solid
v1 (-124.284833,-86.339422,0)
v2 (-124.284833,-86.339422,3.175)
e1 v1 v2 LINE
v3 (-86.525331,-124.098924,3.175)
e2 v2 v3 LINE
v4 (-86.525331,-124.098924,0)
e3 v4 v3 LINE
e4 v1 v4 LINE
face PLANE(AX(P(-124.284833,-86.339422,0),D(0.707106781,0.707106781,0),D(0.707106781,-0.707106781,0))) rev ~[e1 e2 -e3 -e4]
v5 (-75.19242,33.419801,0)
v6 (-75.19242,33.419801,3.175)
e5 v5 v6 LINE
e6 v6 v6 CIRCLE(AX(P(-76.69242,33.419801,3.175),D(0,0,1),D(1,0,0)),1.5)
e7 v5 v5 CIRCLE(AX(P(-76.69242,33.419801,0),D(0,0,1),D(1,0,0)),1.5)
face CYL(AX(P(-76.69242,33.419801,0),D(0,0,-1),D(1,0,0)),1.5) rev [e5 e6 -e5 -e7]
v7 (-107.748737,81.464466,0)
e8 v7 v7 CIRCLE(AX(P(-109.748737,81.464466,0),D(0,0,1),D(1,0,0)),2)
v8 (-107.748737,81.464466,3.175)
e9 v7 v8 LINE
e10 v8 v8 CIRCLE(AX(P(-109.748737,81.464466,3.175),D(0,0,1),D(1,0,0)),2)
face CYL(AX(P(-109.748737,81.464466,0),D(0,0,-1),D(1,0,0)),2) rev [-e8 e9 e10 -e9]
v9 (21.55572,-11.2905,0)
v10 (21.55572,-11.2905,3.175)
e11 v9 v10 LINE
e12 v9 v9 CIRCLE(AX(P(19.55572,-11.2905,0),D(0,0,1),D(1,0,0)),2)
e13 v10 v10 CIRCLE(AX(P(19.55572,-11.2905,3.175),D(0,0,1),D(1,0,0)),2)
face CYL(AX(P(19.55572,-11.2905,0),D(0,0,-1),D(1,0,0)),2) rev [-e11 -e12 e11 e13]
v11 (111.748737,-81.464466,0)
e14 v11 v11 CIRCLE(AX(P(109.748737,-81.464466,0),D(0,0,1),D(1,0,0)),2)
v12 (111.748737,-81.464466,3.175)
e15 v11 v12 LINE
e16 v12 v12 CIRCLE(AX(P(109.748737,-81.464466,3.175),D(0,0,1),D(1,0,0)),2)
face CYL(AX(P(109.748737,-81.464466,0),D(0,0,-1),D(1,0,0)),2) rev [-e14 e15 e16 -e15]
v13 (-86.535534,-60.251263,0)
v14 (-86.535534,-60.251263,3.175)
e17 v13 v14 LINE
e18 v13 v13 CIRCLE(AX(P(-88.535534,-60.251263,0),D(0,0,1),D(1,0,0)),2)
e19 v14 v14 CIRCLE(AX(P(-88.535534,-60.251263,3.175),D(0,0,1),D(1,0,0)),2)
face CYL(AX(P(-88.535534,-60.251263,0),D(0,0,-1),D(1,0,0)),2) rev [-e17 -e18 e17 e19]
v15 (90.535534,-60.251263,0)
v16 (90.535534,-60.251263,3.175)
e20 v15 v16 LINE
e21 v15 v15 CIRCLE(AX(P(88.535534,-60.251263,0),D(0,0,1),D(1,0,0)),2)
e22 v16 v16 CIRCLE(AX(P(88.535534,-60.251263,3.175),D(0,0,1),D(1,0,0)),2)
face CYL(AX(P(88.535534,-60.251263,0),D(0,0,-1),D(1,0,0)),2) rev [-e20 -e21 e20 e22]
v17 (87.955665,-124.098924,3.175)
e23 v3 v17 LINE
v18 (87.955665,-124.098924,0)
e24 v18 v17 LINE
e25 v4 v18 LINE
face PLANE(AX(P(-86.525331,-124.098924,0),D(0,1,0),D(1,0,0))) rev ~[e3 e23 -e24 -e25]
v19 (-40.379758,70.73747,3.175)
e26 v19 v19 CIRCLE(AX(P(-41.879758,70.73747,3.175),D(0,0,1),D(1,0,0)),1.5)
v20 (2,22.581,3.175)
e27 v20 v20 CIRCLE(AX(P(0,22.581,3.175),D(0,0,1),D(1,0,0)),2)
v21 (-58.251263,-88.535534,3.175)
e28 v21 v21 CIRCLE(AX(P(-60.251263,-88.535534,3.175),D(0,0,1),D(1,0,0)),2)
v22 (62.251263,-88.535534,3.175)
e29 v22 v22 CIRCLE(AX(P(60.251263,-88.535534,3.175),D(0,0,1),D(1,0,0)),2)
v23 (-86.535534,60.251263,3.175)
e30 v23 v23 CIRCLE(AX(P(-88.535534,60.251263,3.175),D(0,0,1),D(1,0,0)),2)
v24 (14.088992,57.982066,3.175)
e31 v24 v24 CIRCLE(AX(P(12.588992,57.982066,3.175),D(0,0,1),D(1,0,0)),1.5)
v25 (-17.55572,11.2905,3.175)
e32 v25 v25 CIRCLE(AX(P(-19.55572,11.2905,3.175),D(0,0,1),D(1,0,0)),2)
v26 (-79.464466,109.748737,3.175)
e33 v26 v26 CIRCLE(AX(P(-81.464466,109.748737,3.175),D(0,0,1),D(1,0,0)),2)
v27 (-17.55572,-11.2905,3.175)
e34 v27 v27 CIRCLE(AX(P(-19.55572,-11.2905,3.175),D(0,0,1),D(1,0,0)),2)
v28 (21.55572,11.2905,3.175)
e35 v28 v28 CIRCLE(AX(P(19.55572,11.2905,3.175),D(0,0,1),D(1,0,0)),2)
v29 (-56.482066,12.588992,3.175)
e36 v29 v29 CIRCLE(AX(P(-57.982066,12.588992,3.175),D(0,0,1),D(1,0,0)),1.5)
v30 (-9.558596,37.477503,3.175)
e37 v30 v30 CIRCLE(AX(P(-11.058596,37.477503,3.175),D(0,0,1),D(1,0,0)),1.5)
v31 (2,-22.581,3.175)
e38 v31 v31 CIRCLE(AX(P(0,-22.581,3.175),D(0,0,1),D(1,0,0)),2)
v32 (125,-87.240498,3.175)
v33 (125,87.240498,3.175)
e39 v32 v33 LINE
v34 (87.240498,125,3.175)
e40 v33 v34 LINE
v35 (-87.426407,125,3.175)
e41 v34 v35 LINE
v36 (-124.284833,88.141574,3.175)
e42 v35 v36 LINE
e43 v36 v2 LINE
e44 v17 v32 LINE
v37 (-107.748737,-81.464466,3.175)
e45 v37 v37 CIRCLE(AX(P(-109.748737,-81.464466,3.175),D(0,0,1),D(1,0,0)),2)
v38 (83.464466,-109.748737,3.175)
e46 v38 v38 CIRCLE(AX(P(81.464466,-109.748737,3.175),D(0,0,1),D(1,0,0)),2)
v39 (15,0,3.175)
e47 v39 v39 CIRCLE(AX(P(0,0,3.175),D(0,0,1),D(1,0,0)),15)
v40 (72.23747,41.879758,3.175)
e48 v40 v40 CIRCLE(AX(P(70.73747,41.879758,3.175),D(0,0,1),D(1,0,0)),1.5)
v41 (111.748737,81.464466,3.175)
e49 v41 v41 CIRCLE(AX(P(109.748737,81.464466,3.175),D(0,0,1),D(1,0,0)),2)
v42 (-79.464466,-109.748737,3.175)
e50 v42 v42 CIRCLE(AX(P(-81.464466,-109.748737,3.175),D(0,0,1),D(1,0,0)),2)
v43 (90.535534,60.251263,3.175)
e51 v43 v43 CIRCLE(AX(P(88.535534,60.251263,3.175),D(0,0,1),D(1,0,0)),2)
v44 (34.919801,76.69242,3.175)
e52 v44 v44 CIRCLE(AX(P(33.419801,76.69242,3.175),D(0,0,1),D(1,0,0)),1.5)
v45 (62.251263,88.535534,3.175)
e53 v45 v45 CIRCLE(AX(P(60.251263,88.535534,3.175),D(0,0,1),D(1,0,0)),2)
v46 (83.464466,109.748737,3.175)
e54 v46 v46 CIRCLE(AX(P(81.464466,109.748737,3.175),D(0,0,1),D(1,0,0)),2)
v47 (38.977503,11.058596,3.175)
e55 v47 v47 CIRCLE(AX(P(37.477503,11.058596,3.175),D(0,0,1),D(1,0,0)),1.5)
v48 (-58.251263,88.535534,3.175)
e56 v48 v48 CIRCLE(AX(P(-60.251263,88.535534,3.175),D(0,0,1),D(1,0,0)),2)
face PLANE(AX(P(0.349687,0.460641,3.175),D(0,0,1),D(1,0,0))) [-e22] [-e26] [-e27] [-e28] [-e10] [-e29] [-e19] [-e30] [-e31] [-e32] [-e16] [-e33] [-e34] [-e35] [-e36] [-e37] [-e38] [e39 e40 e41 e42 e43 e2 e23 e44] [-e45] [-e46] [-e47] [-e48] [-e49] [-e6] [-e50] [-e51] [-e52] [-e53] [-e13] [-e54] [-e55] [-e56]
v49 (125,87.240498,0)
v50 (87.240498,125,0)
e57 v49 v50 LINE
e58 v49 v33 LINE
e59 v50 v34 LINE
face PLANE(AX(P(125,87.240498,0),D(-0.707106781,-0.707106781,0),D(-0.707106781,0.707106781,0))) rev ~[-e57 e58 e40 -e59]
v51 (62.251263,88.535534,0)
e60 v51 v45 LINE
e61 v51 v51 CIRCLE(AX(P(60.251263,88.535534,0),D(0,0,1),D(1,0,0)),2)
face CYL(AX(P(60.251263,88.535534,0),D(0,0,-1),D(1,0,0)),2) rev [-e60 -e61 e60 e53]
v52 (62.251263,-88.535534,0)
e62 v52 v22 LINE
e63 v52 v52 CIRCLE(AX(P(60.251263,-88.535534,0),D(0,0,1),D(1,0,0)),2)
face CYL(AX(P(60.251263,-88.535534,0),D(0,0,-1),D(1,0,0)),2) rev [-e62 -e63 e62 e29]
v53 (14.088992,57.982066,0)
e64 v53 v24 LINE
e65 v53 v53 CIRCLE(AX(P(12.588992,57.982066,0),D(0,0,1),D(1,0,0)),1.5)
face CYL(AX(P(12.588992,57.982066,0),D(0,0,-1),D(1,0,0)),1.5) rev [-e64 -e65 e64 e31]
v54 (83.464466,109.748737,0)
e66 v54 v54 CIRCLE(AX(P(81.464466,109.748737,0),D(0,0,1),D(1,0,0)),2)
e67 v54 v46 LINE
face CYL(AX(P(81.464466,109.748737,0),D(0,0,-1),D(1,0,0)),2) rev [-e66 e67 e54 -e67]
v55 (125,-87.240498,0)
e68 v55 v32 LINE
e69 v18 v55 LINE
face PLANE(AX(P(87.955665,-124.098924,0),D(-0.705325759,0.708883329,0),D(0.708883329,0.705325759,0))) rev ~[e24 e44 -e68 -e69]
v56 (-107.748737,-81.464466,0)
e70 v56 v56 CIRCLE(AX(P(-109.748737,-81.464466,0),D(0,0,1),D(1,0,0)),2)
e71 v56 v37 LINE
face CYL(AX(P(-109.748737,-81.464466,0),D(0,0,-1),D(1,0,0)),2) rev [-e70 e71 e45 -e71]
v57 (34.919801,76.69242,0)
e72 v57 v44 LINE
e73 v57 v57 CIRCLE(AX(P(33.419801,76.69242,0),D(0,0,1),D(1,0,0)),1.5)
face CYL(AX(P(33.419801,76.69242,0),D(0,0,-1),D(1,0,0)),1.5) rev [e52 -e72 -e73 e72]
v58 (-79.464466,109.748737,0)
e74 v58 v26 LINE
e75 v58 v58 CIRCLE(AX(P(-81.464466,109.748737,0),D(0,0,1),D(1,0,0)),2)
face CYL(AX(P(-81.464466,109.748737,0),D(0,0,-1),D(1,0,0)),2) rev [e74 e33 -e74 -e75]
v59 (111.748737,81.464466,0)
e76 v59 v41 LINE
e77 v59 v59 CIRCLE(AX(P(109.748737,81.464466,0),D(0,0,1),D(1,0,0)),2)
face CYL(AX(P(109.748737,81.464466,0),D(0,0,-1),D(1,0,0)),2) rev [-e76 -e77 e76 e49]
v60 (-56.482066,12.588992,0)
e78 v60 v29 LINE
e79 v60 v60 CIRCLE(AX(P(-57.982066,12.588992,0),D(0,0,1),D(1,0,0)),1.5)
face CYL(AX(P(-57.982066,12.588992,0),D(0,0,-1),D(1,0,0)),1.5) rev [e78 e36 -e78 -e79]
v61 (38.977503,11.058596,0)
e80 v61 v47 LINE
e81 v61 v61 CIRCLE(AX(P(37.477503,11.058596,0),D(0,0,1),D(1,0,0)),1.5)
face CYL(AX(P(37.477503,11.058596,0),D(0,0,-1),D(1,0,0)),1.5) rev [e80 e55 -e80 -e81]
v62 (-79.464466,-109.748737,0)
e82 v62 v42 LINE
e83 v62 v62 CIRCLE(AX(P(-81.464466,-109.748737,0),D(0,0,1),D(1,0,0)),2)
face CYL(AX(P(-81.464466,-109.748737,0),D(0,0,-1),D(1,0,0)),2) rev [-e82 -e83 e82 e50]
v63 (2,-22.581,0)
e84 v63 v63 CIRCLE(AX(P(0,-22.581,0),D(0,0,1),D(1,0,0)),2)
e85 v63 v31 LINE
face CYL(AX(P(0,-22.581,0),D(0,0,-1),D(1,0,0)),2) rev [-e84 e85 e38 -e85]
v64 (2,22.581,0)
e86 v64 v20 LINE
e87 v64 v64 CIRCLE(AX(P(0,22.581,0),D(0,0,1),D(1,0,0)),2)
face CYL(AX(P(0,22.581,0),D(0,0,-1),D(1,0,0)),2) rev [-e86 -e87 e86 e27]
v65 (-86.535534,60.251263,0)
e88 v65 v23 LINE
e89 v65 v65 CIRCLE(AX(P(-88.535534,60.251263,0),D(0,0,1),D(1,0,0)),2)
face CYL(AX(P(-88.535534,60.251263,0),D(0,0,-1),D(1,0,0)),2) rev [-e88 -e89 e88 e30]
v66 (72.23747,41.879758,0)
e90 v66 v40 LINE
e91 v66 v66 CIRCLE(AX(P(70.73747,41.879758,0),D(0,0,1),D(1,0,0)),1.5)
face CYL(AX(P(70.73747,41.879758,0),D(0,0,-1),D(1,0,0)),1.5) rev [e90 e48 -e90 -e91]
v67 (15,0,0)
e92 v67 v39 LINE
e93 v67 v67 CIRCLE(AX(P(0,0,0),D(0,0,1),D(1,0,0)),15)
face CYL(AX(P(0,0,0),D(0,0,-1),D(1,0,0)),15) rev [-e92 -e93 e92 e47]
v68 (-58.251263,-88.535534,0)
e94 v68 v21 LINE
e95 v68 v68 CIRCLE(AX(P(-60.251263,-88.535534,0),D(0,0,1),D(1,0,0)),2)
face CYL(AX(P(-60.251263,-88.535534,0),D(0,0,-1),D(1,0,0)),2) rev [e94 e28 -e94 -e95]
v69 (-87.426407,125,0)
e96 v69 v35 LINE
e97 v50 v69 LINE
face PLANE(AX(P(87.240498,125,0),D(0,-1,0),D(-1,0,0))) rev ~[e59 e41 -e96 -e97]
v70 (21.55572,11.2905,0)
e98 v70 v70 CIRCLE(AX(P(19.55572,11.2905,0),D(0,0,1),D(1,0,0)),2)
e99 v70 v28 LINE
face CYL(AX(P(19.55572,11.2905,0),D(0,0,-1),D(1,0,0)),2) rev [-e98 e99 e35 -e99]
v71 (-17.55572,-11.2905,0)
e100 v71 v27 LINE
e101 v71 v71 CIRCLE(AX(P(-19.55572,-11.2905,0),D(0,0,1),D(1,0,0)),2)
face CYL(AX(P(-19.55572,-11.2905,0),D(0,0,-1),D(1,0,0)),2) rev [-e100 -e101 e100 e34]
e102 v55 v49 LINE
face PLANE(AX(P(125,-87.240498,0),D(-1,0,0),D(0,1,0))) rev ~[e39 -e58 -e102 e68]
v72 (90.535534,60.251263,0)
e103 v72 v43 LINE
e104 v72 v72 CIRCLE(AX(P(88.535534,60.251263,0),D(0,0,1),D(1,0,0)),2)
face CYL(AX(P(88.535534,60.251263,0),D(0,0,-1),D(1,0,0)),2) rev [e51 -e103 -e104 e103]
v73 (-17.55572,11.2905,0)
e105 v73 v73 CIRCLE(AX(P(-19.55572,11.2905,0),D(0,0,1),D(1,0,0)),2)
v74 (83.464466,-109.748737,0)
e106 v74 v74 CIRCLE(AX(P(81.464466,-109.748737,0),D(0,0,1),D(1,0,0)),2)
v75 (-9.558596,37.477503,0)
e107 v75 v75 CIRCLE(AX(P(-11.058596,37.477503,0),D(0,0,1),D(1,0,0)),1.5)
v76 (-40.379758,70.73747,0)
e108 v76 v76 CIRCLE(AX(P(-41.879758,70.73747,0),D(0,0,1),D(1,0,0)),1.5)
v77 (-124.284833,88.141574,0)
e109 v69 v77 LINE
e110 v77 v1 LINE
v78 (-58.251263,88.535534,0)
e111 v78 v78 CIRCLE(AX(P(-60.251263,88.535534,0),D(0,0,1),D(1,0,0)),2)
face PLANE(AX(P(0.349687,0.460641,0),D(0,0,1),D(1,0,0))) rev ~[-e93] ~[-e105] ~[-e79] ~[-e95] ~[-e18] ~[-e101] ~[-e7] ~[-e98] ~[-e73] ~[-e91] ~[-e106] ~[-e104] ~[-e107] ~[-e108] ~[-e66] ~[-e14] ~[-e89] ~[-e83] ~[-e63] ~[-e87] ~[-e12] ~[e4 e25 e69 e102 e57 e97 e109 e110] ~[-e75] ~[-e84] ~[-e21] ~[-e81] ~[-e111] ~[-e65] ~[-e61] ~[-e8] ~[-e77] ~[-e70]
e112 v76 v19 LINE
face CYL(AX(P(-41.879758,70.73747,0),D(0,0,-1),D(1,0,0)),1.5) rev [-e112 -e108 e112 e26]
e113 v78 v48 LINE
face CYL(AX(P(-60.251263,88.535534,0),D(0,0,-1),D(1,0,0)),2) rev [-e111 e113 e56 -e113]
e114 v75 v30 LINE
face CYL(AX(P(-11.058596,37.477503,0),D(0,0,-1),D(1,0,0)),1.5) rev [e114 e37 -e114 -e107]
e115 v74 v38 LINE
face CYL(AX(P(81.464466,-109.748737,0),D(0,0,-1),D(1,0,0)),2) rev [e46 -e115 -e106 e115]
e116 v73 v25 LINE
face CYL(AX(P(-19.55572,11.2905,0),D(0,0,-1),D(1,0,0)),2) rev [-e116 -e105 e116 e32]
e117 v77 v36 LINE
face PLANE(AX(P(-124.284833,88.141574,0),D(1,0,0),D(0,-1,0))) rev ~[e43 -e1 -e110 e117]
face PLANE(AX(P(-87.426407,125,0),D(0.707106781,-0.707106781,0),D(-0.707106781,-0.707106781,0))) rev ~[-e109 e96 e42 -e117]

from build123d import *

# Parameters (mm, degrees)
F0_R     = 2
F0_R_2   = 15
F0_R_3   = 1.5
F1_DEPTH = 3.175


with BuildPart() as f1:
    # F0 (on Top) → F1 (new body)
    with BuildSketch(Plane.XY):
        Polygon((87.240498, 125), (-87.426407, 125), (-124.284833, 88.141574), (-124.284833, -86.339422), (-86.525331, -124.098924), (87.955665, -124.098924), (125, -87.240498), (125, 87.240498), align=None)
        with Locations((-81.464466, -109.748737)):
            Circle(F0_R, mode=Mode.SUBTRACT)
        with Locations((-109.748737, -81.464466)):
            Circle(F0_R, mode=Mode.SUBTRACT)
        with Locations((-60.251263, -88.535534)):
            Circle(F0_R, mode=Mode.SUBTRACT)
        with Locations((-88.535534, -60.251263)):
            Circle(F0_R, mode=Mode.SUBTRACT)
        with Locations((0, -22.581)):
            Circle(F0_R, mode=Mode.SUBTRACT)
        with Locations((-19.55572, -11.2905)):
            Circle(F0_R, mode=Mode.SUBTRACT)
        Circle(F0_R_2, mode=Mode.SUBTRACT)
        with Locations((60.251263, -88.535534)):
            Circle(F0_R, mode=Mode.SUBTRACT)
        with Locations((81.464466, -109.748737)):
            Circle(F0_R, mode=Mode.SUBTRACT)
        with Locations((109.748737, -81.464466)):
            Circle(F0_R, mode=Mode.SUBTRACT)
        with Locations((19.55572, -11.2905)):
            Circle(F0_R, mode=Mode.SUBTRACT)
        with Locations((88.535534, -60.251263)):
            Circle(F0_R, mode=Mode.SUBTRACT)
        with Locations((-76.69242, 33.419801)):
            Circle(F0_R_3, mode=Mode.SUBTRACT)
        with Locations((-88.535534, 60.251263)):
            Circle(F0_R, mode=Mode.SUBTRACT)
        with Locations((-57.982066, 12.588992)):
            Circle(F0_R_3, mode=Mode.SUBTRACT)
        with Locations((-19.55572, 11.2905)):
            Circle(F0_R, mode=Mode.SUBTRACT)
        with Locations((0, 22.581)):
            Circle(F0_R, mode=Mode.SUBTRACT)
        with Locations((-11.058596, 37.477503)):
            Circle(F0_R_3, mode=Mode.SUBTRACT)
        with Locations((-109.748737, 81.464466)):
            Circle(F0_R, mode=Mode.SUBTRACT)
        with Locations((-81.464466, 109.748737)):
            Circle(F0_R, mode=Mode.SUBTRACT)
        with Locations((-41.879758, 70.73747)):
            Circle(F0_R_3, mode=Mode.SUBTRACT)
        with Locations((-60.251263, 88.535534)):
            Circle(F0_R, mode=Mode.SUBTRACT)
        with Locations((19.55572, 11.2905)):
            Circle(F0_R, mode=Mode.SUBTRACT)
        with Locations((37.477503, 11.058596)):
            Circle(F0_R_3, mode=Mode.SUBTRACT)
        with Locations((12.588992, 57.982066)):
            Circle(F0_R_3, mode=Mode.SUBTRACT)
        with Locations((70.73747, 41.879758)):
            Circle(F0_R_3, mode=Mode.SUBTRACT)
        with Locations((88.535534, 60.251263)):
            Circle(F0_R, mode=Mode.SUBTRACT)
        with Locations((33.419801, 76.69242)):
            Circle(F0_R_3, mode=Mode.SUBTRACT)
        with Locations((60.251263, 88.535534)):
            Circle(F0_R, mode=Mode.SUBTRACT)
        with Locations((109.748737, 81.464466)):
            Circle(F0_R, mode=Mode.SUBTRACT)
        with Locations((81.464466, 109.748737)):
            Circle(F0_R, mode=Mode.SUBTRACT)
    extrude(amount=F1_DEPTH)


solid = f1.part
